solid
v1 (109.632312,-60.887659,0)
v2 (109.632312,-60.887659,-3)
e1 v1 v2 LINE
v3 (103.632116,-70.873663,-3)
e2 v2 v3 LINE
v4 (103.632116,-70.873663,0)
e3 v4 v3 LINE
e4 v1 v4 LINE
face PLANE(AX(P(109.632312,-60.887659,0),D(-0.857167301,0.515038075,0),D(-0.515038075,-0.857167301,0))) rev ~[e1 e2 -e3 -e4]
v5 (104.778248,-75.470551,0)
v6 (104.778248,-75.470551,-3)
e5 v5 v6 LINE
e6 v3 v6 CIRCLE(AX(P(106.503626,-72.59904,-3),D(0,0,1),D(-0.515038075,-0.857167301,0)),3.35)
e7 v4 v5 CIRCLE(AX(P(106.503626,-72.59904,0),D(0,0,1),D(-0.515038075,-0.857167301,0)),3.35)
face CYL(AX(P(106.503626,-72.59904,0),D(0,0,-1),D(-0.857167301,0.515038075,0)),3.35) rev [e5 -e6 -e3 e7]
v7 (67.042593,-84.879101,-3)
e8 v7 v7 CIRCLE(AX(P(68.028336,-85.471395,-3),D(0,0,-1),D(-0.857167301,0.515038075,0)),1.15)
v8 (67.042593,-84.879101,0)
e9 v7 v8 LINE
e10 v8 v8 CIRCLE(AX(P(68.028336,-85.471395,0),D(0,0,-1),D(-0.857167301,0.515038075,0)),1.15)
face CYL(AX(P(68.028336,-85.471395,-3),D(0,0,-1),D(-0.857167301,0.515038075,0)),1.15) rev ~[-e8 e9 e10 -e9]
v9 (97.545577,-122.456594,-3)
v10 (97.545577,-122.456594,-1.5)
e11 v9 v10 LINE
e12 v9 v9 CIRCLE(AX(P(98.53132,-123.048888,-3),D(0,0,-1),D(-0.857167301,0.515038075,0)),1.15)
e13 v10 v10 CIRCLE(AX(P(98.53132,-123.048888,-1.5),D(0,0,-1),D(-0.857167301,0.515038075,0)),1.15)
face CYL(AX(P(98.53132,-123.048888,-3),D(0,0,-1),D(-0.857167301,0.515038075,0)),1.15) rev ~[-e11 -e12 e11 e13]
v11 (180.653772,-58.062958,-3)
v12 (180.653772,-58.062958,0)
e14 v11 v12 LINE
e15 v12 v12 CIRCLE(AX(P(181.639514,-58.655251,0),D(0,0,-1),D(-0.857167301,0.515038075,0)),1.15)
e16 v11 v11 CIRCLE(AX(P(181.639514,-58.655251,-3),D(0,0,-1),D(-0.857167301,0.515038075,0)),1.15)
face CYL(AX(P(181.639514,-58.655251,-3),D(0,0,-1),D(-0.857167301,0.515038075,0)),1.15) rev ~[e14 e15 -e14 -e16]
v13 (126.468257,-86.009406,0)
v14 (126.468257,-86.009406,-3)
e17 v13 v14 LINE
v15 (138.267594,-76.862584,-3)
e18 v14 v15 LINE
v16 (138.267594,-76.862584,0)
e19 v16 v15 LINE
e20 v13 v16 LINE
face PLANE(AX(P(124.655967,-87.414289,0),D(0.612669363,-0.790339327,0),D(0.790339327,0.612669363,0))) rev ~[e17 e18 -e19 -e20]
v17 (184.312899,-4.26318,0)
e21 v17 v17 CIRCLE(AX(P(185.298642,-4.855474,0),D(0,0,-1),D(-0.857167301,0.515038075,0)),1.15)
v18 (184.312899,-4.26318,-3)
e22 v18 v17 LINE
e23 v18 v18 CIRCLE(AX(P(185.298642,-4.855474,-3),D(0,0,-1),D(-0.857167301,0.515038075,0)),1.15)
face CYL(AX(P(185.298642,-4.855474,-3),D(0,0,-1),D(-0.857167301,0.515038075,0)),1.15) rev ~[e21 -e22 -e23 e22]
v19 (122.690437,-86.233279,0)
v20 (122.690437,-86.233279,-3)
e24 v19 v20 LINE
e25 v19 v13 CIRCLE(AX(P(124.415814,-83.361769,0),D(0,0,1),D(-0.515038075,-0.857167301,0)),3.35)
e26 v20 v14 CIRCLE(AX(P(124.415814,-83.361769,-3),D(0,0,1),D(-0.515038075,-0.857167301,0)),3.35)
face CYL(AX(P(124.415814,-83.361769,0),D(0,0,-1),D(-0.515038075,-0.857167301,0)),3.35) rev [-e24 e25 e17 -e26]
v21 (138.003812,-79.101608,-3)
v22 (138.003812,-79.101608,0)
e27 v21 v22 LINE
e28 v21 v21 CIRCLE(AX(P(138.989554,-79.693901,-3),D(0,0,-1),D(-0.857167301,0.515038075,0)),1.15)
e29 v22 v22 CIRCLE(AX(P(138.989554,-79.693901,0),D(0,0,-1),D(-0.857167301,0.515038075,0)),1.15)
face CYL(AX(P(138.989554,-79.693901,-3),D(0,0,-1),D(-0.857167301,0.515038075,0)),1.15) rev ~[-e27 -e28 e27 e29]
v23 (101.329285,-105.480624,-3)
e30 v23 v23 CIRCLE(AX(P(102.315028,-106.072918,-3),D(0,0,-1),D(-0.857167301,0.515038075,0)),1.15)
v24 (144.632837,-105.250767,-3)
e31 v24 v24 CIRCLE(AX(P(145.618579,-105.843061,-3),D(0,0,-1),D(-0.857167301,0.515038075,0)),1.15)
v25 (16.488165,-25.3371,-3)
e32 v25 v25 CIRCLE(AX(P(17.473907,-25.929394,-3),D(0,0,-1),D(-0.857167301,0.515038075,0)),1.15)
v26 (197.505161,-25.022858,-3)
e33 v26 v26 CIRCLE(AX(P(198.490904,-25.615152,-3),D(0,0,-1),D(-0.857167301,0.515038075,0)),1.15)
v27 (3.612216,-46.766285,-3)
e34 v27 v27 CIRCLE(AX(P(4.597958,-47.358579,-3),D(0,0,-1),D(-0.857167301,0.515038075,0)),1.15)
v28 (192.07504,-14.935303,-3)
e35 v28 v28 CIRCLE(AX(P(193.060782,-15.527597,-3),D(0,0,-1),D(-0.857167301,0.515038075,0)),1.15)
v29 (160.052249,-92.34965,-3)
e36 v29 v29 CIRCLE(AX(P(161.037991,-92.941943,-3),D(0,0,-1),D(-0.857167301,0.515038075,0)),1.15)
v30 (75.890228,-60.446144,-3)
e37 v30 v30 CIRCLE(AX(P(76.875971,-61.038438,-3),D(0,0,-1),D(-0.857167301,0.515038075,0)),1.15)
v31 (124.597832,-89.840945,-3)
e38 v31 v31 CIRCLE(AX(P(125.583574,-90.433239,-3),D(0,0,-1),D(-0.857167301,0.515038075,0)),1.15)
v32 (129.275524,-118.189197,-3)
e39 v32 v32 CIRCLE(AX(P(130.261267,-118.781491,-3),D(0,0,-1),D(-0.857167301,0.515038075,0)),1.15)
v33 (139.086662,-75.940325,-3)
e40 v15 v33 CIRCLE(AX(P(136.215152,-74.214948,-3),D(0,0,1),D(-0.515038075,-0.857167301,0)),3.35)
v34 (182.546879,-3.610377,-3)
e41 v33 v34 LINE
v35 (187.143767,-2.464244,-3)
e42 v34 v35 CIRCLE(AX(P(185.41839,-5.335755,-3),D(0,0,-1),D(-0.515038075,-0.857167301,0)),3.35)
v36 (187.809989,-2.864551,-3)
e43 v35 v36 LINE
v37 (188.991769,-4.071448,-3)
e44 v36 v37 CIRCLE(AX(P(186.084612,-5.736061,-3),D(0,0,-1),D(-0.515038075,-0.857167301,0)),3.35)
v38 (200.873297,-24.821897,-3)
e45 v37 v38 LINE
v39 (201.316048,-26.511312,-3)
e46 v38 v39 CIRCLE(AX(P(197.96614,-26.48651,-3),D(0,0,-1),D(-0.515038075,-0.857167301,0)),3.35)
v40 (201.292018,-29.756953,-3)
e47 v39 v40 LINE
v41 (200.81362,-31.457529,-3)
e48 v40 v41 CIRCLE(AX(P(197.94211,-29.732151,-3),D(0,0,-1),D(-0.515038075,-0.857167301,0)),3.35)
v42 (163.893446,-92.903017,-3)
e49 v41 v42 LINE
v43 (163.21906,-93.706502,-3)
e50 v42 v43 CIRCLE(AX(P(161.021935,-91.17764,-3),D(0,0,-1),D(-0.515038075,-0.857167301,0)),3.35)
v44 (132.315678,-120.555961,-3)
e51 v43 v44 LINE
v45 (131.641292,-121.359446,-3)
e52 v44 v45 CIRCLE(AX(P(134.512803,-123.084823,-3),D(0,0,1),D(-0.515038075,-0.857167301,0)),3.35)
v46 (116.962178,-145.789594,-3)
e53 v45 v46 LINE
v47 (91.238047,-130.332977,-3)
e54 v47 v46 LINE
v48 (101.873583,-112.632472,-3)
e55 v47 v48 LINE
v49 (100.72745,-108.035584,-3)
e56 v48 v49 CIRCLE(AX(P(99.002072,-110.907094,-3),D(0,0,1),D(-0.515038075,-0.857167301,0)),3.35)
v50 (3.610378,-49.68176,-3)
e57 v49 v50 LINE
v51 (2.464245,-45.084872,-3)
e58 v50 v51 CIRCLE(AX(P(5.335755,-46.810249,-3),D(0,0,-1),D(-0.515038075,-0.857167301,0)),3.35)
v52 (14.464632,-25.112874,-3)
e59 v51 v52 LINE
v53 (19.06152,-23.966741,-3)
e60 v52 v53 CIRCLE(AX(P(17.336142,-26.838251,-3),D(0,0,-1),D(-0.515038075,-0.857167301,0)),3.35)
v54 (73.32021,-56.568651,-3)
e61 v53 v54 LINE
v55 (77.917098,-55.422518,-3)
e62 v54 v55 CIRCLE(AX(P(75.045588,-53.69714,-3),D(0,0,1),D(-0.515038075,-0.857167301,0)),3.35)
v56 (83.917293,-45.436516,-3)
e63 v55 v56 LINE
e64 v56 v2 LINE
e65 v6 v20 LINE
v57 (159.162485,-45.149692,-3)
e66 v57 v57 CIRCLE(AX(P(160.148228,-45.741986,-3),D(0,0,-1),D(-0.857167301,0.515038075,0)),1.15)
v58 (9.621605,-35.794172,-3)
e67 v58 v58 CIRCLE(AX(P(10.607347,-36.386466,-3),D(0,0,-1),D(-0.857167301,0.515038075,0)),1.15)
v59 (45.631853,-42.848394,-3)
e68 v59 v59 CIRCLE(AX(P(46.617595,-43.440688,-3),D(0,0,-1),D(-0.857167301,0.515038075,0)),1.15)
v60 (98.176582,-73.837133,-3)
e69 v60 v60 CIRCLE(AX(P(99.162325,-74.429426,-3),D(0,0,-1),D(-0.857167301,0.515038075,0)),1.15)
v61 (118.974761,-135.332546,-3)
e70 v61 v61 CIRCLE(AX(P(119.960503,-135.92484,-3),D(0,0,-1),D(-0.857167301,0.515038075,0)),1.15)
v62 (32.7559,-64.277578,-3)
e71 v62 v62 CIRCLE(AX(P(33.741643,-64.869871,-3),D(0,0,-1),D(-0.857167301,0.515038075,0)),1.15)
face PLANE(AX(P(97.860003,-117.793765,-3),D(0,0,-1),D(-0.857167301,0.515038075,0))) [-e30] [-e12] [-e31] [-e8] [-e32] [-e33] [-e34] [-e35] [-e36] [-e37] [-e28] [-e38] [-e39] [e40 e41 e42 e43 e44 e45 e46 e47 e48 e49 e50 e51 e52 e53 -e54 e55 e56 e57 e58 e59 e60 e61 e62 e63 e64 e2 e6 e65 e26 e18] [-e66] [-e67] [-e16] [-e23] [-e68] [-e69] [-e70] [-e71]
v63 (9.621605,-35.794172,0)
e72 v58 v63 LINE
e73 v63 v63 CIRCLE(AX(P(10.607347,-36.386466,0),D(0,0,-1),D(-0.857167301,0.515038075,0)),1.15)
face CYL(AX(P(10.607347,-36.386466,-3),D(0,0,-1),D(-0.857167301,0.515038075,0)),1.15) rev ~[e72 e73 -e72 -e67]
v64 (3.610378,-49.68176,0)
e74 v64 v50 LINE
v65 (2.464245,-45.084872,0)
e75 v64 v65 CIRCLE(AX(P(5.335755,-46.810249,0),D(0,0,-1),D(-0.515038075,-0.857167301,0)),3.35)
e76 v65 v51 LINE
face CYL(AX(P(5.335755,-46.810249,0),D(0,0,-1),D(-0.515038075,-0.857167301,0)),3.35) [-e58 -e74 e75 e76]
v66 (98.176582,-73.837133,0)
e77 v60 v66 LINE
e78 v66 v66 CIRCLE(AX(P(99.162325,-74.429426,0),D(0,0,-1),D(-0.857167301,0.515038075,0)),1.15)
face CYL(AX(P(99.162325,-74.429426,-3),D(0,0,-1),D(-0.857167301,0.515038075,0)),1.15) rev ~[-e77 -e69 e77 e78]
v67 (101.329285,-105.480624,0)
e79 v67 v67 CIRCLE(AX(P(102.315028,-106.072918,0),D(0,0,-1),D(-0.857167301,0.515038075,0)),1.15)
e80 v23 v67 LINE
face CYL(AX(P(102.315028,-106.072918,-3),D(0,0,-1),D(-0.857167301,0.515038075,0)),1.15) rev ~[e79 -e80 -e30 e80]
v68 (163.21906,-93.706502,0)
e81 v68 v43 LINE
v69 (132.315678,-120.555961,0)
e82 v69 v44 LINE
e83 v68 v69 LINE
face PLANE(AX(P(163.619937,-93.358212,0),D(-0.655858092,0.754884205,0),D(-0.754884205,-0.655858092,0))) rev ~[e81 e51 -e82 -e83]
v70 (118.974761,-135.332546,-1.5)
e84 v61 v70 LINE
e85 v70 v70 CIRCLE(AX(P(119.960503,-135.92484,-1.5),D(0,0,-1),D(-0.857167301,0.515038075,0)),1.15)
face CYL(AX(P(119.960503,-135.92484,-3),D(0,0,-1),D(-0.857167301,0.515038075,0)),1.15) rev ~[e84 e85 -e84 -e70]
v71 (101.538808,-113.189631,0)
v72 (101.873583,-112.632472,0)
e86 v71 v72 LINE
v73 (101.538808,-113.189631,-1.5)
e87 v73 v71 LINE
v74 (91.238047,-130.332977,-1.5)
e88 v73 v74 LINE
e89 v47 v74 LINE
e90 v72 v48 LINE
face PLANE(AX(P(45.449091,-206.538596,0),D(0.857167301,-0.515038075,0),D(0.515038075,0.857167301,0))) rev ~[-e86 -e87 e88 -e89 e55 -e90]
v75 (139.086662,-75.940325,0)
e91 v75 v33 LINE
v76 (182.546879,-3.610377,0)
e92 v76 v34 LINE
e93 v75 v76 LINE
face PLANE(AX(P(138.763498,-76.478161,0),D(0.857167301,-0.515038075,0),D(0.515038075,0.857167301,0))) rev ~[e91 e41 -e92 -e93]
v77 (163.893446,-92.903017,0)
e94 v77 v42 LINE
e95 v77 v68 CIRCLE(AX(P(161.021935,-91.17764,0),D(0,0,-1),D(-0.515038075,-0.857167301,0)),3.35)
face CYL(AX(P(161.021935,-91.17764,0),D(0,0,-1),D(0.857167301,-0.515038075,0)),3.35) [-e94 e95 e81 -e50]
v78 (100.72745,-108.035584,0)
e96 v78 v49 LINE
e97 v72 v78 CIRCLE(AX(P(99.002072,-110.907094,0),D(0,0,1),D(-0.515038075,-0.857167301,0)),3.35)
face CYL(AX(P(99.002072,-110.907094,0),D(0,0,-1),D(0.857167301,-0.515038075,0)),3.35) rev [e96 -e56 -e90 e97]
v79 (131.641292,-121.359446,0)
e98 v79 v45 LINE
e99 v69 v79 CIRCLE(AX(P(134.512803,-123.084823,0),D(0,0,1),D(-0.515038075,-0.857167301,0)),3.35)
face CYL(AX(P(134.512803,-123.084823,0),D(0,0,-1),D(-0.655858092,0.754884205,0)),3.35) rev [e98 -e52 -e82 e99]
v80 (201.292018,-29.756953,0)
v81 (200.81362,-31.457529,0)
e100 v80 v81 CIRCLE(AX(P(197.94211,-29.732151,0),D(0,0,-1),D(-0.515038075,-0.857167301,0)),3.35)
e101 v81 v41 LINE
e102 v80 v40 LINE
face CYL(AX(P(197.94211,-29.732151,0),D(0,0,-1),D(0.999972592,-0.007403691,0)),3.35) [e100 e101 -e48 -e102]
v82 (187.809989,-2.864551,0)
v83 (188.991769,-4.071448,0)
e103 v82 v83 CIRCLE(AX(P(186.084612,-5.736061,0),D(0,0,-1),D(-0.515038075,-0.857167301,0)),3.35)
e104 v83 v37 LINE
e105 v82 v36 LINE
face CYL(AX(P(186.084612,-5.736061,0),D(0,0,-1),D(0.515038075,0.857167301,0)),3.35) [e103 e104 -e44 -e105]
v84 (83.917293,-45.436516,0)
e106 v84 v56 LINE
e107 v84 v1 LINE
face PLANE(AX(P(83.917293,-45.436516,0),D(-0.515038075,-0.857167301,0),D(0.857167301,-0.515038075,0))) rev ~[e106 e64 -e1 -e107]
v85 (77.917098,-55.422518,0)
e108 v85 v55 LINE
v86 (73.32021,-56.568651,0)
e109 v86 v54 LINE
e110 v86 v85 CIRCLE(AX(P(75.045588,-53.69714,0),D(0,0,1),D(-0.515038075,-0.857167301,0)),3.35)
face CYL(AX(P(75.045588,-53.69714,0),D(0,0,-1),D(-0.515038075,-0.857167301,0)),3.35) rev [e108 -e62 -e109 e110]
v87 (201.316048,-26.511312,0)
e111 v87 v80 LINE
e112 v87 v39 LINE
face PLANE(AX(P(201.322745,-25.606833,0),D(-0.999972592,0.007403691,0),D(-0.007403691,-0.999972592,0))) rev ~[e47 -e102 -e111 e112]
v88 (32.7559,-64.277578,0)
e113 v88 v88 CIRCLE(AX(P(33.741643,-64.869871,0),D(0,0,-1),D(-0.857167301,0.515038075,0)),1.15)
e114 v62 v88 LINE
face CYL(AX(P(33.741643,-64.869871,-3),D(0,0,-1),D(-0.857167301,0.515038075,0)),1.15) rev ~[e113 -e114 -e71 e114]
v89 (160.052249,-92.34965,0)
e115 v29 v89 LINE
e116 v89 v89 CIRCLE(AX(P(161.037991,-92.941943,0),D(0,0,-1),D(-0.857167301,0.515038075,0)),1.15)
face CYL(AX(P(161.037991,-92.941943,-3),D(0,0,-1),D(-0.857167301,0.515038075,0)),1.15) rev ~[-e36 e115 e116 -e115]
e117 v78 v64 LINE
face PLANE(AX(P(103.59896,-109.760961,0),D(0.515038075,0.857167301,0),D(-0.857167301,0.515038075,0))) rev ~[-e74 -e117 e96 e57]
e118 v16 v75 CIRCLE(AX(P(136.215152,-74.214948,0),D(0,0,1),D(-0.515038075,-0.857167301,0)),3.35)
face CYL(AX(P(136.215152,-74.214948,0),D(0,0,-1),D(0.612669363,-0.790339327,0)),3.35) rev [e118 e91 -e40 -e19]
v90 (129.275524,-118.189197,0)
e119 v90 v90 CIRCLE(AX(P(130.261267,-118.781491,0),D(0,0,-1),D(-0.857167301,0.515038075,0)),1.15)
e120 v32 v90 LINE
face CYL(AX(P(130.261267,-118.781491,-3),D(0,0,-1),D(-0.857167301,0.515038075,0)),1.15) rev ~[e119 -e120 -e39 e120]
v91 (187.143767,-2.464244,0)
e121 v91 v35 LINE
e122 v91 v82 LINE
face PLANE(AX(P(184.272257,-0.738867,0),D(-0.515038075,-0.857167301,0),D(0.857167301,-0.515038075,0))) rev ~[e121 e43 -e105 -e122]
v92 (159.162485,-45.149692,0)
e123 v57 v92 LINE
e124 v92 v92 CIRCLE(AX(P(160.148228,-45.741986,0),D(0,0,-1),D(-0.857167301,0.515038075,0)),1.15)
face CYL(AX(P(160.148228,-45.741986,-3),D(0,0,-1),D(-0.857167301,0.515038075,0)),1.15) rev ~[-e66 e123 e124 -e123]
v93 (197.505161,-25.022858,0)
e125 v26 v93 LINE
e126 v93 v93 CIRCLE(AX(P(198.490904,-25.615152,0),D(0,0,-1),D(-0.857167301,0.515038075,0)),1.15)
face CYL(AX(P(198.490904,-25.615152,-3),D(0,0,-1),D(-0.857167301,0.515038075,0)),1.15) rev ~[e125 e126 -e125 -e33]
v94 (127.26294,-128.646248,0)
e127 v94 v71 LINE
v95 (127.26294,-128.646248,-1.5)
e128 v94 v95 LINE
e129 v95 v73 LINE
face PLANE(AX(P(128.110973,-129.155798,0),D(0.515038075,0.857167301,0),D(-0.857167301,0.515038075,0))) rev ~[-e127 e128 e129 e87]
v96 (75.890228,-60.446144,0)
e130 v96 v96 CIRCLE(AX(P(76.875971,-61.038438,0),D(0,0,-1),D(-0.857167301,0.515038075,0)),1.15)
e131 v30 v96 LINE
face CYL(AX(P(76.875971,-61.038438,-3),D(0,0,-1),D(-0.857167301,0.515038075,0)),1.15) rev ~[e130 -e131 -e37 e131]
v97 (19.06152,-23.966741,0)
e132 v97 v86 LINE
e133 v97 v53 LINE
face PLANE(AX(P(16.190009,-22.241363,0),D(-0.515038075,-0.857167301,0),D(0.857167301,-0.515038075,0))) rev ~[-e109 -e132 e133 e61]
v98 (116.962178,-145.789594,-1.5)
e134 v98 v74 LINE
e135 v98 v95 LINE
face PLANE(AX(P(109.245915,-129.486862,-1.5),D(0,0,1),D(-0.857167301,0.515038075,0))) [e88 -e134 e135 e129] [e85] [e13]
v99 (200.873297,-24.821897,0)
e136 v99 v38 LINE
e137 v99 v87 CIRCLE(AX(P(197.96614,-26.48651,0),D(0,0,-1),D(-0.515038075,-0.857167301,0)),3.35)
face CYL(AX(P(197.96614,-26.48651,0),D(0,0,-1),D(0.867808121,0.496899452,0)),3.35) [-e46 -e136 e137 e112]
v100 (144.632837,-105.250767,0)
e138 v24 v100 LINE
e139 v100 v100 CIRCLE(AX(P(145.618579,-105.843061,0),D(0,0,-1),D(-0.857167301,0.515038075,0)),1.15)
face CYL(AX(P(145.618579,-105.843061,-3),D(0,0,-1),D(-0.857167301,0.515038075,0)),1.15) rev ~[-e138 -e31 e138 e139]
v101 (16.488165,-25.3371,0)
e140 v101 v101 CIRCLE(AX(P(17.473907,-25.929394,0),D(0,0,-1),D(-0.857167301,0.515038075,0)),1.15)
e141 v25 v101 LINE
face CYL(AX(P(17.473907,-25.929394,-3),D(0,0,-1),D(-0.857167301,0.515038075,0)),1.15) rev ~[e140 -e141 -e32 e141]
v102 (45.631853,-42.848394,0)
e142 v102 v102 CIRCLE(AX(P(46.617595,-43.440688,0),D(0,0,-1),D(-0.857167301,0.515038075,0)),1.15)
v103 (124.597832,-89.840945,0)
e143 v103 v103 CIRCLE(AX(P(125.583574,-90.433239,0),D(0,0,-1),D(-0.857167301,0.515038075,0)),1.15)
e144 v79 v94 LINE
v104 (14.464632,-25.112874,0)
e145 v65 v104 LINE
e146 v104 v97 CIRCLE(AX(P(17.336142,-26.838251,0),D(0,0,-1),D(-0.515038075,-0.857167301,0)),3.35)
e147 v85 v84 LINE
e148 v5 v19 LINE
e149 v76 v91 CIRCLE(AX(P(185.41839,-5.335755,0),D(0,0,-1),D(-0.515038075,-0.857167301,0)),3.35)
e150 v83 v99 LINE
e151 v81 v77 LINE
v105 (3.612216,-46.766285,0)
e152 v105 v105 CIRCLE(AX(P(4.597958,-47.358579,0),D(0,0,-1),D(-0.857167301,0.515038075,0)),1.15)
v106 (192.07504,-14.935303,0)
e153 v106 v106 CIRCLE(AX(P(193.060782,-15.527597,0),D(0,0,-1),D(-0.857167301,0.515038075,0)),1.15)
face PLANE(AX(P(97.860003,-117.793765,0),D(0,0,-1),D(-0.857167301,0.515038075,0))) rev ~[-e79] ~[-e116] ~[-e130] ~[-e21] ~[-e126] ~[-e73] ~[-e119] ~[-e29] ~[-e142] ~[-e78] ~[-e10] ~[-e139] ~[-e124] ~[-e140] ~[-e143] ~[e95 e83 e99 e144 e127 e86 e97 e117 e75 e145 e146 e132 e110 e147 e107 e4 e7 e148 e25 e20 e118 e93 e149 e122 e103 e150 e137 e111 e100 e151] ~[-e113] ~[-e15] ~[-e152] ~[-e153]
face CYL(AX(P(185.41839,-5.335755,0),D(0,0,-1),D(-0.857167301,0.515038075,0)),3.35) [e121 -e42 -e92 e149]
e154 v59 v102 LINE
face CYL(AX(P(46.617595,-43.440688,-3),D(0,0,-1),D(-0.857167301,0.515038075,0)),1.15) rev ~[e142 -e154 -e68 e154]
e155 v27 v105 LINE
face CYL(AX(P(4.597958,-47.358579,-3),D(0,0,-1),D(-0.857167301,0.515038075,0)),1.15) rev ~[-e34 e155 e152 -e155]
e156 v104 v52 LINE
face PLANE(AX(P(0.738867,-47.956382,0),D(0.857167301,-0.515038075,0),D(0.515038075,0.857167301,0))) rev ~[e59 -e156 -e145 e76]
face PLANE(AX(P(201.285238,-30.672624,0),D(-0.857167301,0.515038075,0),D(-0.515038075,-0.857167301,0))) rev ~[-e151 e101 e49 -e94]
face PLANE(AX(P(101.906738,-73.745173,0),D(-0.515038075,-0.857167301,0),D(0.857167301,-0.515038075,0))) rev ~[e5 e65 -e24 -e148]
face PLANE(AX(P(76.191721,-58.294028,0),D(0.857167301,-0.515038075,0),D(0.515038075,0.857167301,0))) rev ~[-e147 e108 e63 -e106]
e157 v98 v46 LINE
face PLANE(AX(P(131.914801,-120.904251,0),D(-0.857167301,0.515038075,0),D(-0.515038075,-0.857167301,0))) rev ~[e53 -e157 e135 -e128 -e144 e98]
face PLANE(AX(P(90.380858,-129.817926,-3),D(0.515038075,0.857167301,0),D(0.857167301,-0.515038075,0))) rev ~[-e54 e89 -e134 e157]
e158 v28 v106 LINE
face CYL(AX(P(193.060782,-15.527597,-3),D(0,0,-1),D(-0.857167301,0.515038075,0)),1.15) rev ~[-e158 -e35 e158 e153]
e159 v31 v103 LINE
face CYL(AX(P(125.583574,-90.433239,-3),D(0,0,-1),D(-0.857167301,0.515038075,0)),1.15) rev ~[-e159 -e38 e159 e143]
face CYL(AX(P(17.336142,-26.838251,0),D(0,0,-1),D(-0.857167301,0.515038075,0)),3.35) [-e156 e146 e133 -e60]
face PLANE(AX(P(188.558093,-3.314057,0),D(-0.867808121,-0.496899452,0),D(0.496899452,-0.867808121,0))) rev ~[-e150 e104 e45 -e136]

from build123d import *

# Parameters (mm, degrees)
PAD012_DEPTH            = 3
FILLET037_R             = 3.35
SKETCH185_R             = 1.15
POCKET053_DEPTH         = 3
POCKET056_DEPTH         = 5
SKETCH189_W             = 32
SKETCH189_H             = 20
POCKET057_DEPTH         = 1.5
BODY024_PLACEMENT_ANGLE = 149


with BuildPart() as part:
    # Sketch184 → Pad012 (new body)
    with BuildSketch(Plane(origin=(0, 0, 0), x_dir=(1, 0, 0), z_dir=(0, 0, -1))):
        Polygon((101.467362, -402.500006), (130.400002, -402.500006), (135.400002, -402.500006), (135.400002, -397.500006), (174.999975, -357.90402), (174.999975, -245), (289.999995, -245), (294.999995, -245), (294.999995, -215), (289.999995, -215), (224.999995, -215), (224.999995, -199.999997), (219.999995, -199.999997), (199.999995, -199.999997), (194.999995, -199.999997), (194.999995, -215.000003), (168.459985, -215.000003), (161.999993, -198.359996), (161.999993, -115.000006), (161.999993, -110.000006), (156.999993, -110.000006), (134.576923, -122.534363), (131.999997, -126.895911), (131.999997, -200.027011), (144.989344, -239.967928), (144.989344, -343.839368), (96.467362, -392.500006), (96.467362, -397.500006), (96.467362, -402.500006), align=None)
    extrude(amount=PAD012_DEPTH)

    # Fillet037
    fillet037_edges = [part.edges().sort_by_distance(p)[0] for p in [
        (194.999995, 215.000003, -1.5),
        (168.459985, 215.000003, -1.5),
        (161.999993, 198.359996, -1.5),
        (161.999993, 110.000006, -1.5),
        (156.999993, 110.000006, -1.5),
        (134.576923, 122.534363, -1.5),
        (131.999997, 126.895911, -1.5),
        (131.999997, 200.027011, -1.5),
        (144.989344, 239.967928, -1.5),
        (144.989344, 343.839368, -1.5),
        (96.467362, 392.500006, -1.5),
        (135.400002, 397.500006, -1.5),
        (174.999975, 357.90402, -1.5),
        (174.999975, 245, -1.5),
        (294.999995, 245, -1.5),
        (294.999995, 215, -1.5),
        (224.999995, 215, -1.5),
    ]]
    fillet(fillet037_edges, radius=FILLET037_R)

    # Sketch185 (on Face5 of Fillet037) → Pocket053 (cut)
    with BuildSketch(Plane(origin=(0, 0, -3), x_dir=(1, 0, 0), z_dir=(0, 0, -1))):
        with Locations((105, -389)):
            Circle(SKETCH185_R)
        with Locations((145, -349)):
            Circle(SKETCH185_R)
        with Locations((147.500002, -309.000005)):
            Circle(SKETCH185_R)
        with Locations((147.500002, -259.000004)):
            Circle(SKETCH185_R)
        with Locations((172.500003, -259.000004)):
            Circle(SKETCH185_R)
        with Locations((172.500003, -309.000005)):
            Circle(SKETCH185_R)
        with Locations((172.500003, -349.000005)):
            Circle(SKETCH185_R)
        with Locations((147.665007, -382.765018)):
            Circle(SKETCH185_R)
        with Locations((178.000003, -242.500004)):
            Circle(SKETCH185_R)
        with Locations((218.000003, -242.500004)):
            Circle(SKETCH185_R)
        with Locations((258.000004, -242.500004)):
            Circle(SKETCH185_R)
        with Locations((258.000004, -217.500003)):
            Circle(SKETCH185_R)
        with Locations((292, -242.500004)):
            Circle(SKETCH185_R)
        with Locations((292.000004, -217.500003)):
            Circle(SKETCH185_R)
        with Locations((292.500004, -230.000003)):
            Circle(SKETCH185_R)
        with Locations((223.000003, -217.000003)):
            Circle(SKETCH185_R)
        with Locations((197, -217)):
            Circle(SKETCH185_R)
        with Locations((166.109996, -217.109995)):
            Circle(SKETCH185_R)
        with Locations((147.500002, -239)):
            Circle(SKETCH185_R)
        with Locations((141, -220)):
            Circle(SKETCH185_R)
        with Locations((134.427551, -201)):
            Circle(SKETCH185_R)
        with Locations((160.149996, -200.999996)):
            Circle(SKETCH185_R)
        with Locations((134.427551, -161)):
            Circle(SKETCH185_R)
        with Locations((159.500002, -161.000002)):
            Circle(SKETCH185_R)
        with Locations((137, -124)):
            Circle(SKETCH185_R)
        with Locations((146.849997, -118.149997)):
            Circle(SKETCH185_R)
        with Locations((159, -113)):
            Circle(SKETCH185_R)
    extrude(amount=-POCKET053_DEPTH, mode=Mode.SUBTRACT)

    # Sketch188 (on Face5 of Pocket053) → Pocket056 (cut)
    with BuildSketch(Plane(origin=(0, 0, -3), x_dir=(1, 0, 0), z_dir=(0, 0, -1))):
        Polygon((145, -269), (175, -269), (176, -269), (176, -410), (90, -410), (90, -269), align=None)
    extrude(amount=-POCKET056_DEPTH, mode=Mode.SUBTRACT)

    # Sketch189 (on Face2 of Pocket056) → Pocket057 (cut)
    with BuildSketch(Plane.XY):
        with Locations((160, 259)):
            Rectangle(SKETCH189_W, SKETCH189_H)
    extrude(amount=-POCKET057_DEPTH, mode=Mode.SUBTRACT)


with BuildPart() as part_1:
    # Body024 placement: moved
    add(part.part.moved(Location((707.641298, 2.853319, 22))).rotate(Axis((707.641298, 2.853319, 22), (0, 0, 1)), BODY024_PLACEMENT_ANGLE))


with BuildPart() as part_2:
    # Clone001 placement: moved
    add(part_1.part.moved(Location((-327.853753, 7.260058, -22))))


solid = part_2.part
